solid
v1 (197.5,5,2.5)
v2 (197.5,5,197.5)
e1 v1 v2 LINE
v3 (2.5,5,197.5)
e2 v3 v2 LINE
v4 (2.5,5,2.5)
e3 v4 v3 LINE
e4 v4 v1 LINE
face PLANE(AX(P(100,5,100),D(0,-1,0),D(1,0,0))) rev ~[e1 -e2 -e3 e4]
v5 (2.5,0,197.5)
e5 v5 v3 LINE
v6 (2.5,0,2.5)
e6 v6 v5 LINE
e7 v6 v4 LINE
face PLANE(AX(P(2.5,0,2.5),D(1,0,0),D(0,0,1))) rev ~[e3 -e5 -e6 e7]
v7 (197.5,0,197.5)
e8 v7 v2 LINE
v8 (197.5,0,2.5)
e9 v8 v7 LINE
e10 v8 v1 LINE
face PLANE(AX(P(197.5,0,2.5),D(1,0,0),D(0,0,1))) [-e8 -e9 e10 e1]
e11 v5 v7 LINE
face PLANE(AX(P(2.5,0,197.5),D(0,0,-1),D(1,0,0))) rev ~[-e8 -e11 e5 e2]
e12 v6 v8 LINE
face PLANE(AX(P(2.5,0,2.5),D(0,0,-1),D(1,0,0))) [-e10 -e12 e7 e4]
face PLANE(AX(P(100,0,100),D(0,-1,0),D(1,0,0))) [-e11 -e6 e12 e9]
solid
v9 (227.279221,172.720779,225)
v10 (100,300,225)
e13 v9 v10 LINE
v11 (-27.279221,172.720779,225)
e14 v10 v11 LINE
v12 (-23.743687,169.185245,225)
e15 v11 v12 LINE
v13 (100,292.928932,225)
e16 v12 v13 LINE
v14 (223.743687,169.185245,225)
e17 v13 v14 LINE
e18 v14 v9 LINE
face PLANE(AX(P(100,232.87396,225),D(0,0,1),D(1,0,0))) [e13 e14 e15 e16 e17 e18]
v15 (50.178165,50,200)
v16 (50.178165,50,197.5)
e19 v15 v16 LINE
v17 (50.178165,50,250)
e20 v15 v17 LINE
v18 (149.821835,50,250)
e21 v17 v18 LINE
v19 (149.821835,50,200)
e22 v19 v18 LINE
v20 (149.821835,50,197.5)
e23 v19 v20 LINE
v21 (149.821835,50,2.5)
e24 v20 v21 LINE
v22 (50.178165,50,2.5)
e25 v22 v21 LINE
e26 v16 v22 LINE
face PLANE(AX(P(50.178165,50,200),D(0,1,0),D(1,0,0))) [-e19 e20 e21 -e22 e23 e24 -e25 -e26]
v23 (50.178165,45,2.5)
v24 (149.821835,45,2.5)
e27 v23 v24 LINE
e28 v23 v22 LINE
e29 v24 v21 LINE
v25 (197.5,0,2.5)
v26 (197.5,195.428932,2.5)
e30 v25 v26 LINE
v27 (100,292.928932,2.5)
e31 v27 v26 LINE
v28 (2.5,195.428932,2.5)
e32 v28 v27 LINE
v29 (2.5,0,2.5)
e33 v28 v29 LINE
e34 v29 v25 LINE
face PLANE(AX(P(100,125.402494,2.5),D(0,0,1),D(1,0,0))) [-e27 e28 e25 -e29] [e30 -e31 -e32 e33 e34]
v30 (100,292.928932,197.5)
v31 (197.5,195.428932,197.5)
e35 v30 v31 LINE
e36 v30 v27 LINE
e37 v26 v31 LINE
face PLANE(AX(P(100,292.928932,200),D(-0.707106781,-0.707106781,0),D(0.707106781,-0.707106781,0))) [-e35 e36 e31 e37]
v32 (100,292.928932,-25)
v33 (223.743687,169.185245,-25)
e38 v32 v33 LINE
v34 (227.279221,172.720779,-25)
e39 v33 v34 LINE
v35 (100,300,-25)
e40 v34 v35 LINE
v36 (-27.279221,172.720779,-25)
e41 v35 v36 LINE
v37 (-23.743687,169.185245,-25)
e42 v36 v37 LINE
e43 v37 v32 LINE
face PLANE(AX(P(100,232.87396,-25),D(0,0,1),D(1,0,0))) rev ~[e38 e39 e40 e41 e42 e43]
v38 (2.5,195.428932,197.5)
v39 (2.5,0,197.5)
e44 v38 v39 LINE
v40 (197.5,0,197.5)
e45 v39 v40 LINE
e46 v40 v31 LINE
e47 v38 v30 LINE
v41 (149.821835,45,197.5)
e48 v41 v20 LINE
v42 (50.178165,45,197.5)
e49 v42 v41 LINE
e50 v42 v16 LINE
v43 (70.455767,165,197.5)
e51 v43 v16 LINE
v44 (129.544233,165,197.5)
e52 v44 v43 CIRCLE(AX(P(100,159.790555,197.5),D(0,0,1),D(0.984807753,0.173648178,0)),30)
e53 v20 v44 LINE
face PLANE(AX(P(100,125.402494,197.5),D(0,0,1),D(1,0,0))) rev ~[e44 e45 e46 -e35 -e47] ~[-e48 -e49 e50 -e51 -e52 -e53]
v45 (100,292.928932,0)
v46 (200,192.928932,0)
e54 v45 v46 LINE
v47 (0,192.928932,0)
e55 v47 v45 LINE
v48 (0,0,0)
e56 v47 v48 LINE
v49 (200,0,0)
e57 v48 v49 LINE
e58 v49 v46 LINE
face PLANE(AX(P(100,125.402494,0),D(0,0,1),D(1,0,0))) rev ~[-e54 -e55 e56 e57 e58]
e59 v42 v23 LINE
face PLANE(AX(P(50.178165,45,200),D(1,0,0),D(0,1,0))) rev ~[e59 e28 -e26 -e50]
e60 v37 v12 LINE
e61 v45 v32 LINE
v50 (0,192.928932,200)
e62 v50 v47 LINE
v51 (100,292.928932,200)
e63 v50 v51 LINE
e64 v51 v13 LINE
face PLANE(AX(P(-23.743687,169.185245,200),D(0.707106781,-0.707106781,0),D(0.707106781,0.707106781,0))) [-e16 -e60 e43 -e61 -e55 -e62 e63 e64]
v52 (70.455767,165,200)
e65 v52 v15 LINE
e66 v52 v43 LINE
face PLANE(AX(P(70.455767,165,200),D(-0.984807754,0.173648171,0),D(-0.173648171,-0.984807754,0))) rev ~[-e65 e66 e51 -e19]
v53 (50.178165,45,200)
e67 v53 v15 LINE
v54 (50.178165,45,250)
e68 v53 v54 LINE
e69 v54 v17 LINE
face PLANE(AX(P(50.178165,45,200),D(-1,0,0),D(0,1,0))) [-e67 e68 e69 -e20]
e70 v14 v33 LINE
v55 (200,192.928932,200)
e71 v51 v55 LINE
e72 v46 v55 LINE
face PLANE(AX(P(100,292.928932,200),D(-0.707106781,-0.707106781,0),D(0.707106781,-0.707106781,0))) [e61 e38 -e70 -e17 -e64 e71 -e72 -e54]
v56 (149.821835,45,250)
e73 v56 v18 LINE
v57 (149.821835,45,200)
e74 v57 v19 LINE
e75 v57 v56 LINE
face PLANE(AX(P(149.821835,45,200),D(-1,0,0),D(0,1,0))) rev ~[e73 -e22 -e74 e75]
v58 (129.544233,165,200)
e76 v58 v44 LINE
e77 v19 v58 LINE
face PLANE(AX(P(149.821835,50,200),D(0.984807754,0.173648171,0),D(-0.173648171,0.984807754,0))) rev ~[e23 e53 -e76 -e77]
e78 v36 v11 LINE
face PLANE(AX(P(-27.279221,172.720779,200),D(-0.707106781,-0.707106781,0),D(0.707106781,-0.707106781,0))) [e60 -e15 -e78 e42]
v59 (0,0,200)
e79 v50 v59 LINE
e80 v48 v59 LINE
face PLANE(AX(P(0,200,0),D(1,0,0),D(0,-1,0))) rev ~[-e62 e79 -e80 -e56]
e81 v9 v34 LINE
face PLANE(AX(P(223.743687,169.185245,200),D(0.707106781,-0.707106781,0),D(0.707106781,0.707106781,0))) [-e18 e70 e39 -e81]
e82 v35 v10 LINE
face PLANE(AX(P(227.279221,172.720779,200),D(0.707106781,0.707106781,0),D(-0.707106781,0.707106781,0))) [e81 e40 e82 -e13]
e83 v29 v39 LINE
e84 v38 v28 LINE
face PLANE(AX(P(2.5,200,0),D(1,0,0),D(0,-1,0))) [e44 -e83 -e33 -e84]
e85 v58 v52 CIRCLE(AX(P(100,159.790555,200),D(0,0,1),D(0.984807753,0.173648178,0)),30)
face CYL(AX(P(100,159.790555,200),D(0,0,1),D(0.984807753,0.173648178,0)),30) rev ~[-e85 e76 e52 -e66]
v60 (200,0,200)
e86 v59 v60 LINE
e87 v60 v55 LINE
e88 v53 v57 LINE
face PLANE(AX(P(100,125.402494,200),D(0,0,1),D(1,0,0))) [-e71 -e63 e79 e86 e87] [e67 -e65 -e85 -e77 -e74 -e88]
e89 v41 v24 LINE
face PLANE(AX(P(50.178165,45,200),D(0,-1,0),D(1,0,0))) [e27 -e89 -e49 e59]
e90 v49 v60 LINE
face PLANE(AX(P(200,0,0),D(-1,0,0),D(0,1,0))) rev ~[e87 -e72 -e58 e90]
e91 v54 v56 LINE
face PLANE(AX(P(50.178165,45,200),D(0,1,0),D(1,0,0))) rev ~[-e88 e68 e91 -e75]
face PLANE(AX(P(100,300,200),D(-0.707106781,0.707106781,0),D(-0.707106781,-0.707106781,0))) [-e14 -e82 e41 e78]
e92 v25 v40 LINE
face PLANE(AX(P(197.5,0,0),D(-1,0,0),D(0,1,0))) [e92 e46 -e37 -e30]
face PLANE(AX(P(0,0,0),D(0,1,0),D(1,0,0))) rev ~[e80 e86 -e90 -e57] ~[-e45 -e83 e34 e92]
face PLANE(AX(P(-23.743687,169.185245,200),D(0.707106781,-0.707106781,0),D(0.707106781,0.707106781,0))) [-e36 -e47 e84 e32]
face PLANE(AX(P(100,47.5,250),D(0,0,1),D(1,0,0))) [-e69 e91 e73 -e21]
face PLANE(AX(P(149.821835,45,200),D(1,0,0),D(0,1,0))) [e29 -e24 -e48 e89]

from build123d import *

# Parameters (mm, degrees)
F1_DEPTH       = 200
F2_T           = -2.5
F4_DEPTH       = 25
F4_DEPTH_BACK  = 225
F5_W           = 195
F5_H           = 195
F6_DEPTH       = 5
F8_DEPTH       = 25
F9_W           = 99.64367
F9_H           = 5
F10_DEPTH      = 50
F10_DEPTH_BACK = 200


with BuildPart() as f1:
    # F0 (on Top) → F1 (new body)
    with BuildSketch(Plane.XY):
        Polygon((0, 200), (0, 0), (200, 0), (200, 200), (100, 300), align=None)
    extrude(amount=F1_DEPTH)

    # F2
    f2_openings = [f1.faces().sort_by_distance(p)[0] for p in [
        (100, 0, 100),
    ]]
    offset(amount=F2_T, openings=f2_openings)

    # F3 (on face) → F4 (join, two sides)
    with BuildSketch(Plane.XY.offset(200)) as f4_sk:
        Polygon((227.279221, 172.720779), (100, 300), (-27.279221, 172.720779), (-23.743687, 169.185245), (100, 292.928932), (223.743687, 169.185245), align=None)
    extrude(amount=F4_DEPTH)
    extrude(f4_sk.sketch, amount=-F4_DEPTH_BACK)

    # F7 (on face) → F8 (cut)
    with BuildSketch(Plane.XY.offset(200)):
        with BuildLine():
            Line((149.821835, 50), (129.544233, 165))
            ThreePointArc((129.544233, 165), (100, 189.790555), (70.455767, 165))
            Line((70.455767, 165), (50.178165, 50))
            Line((50.178165, 50), (149.821835, 50))
        make_face()
    extrude(amount=-F8_DEPTH, mode=Mode.SUBTRACT)

    # F9 (on face) → F10 (join, two sides)
    with BuildSketch(Plane.XY.offset(200)) as f10_sk:
        with Locations((100, 47.5)):
            Rectangle(F9_W, F9_H)
    extrude(amount=F10_DEPTH)
    extrude(f10_sk.sketch, amount=-F10_DEPTH_BACK)


with BuildPart() as f6:
    # F5 (on face) → F6 (new body)
    with BuildSketch(Plane.XZ):
        with Locations((100, 100)):
            Rectangle(F5_W, F5_H)
    extrude(amount=-F6_DEPTH)


solid = Compound([f1.part, f6.part])
